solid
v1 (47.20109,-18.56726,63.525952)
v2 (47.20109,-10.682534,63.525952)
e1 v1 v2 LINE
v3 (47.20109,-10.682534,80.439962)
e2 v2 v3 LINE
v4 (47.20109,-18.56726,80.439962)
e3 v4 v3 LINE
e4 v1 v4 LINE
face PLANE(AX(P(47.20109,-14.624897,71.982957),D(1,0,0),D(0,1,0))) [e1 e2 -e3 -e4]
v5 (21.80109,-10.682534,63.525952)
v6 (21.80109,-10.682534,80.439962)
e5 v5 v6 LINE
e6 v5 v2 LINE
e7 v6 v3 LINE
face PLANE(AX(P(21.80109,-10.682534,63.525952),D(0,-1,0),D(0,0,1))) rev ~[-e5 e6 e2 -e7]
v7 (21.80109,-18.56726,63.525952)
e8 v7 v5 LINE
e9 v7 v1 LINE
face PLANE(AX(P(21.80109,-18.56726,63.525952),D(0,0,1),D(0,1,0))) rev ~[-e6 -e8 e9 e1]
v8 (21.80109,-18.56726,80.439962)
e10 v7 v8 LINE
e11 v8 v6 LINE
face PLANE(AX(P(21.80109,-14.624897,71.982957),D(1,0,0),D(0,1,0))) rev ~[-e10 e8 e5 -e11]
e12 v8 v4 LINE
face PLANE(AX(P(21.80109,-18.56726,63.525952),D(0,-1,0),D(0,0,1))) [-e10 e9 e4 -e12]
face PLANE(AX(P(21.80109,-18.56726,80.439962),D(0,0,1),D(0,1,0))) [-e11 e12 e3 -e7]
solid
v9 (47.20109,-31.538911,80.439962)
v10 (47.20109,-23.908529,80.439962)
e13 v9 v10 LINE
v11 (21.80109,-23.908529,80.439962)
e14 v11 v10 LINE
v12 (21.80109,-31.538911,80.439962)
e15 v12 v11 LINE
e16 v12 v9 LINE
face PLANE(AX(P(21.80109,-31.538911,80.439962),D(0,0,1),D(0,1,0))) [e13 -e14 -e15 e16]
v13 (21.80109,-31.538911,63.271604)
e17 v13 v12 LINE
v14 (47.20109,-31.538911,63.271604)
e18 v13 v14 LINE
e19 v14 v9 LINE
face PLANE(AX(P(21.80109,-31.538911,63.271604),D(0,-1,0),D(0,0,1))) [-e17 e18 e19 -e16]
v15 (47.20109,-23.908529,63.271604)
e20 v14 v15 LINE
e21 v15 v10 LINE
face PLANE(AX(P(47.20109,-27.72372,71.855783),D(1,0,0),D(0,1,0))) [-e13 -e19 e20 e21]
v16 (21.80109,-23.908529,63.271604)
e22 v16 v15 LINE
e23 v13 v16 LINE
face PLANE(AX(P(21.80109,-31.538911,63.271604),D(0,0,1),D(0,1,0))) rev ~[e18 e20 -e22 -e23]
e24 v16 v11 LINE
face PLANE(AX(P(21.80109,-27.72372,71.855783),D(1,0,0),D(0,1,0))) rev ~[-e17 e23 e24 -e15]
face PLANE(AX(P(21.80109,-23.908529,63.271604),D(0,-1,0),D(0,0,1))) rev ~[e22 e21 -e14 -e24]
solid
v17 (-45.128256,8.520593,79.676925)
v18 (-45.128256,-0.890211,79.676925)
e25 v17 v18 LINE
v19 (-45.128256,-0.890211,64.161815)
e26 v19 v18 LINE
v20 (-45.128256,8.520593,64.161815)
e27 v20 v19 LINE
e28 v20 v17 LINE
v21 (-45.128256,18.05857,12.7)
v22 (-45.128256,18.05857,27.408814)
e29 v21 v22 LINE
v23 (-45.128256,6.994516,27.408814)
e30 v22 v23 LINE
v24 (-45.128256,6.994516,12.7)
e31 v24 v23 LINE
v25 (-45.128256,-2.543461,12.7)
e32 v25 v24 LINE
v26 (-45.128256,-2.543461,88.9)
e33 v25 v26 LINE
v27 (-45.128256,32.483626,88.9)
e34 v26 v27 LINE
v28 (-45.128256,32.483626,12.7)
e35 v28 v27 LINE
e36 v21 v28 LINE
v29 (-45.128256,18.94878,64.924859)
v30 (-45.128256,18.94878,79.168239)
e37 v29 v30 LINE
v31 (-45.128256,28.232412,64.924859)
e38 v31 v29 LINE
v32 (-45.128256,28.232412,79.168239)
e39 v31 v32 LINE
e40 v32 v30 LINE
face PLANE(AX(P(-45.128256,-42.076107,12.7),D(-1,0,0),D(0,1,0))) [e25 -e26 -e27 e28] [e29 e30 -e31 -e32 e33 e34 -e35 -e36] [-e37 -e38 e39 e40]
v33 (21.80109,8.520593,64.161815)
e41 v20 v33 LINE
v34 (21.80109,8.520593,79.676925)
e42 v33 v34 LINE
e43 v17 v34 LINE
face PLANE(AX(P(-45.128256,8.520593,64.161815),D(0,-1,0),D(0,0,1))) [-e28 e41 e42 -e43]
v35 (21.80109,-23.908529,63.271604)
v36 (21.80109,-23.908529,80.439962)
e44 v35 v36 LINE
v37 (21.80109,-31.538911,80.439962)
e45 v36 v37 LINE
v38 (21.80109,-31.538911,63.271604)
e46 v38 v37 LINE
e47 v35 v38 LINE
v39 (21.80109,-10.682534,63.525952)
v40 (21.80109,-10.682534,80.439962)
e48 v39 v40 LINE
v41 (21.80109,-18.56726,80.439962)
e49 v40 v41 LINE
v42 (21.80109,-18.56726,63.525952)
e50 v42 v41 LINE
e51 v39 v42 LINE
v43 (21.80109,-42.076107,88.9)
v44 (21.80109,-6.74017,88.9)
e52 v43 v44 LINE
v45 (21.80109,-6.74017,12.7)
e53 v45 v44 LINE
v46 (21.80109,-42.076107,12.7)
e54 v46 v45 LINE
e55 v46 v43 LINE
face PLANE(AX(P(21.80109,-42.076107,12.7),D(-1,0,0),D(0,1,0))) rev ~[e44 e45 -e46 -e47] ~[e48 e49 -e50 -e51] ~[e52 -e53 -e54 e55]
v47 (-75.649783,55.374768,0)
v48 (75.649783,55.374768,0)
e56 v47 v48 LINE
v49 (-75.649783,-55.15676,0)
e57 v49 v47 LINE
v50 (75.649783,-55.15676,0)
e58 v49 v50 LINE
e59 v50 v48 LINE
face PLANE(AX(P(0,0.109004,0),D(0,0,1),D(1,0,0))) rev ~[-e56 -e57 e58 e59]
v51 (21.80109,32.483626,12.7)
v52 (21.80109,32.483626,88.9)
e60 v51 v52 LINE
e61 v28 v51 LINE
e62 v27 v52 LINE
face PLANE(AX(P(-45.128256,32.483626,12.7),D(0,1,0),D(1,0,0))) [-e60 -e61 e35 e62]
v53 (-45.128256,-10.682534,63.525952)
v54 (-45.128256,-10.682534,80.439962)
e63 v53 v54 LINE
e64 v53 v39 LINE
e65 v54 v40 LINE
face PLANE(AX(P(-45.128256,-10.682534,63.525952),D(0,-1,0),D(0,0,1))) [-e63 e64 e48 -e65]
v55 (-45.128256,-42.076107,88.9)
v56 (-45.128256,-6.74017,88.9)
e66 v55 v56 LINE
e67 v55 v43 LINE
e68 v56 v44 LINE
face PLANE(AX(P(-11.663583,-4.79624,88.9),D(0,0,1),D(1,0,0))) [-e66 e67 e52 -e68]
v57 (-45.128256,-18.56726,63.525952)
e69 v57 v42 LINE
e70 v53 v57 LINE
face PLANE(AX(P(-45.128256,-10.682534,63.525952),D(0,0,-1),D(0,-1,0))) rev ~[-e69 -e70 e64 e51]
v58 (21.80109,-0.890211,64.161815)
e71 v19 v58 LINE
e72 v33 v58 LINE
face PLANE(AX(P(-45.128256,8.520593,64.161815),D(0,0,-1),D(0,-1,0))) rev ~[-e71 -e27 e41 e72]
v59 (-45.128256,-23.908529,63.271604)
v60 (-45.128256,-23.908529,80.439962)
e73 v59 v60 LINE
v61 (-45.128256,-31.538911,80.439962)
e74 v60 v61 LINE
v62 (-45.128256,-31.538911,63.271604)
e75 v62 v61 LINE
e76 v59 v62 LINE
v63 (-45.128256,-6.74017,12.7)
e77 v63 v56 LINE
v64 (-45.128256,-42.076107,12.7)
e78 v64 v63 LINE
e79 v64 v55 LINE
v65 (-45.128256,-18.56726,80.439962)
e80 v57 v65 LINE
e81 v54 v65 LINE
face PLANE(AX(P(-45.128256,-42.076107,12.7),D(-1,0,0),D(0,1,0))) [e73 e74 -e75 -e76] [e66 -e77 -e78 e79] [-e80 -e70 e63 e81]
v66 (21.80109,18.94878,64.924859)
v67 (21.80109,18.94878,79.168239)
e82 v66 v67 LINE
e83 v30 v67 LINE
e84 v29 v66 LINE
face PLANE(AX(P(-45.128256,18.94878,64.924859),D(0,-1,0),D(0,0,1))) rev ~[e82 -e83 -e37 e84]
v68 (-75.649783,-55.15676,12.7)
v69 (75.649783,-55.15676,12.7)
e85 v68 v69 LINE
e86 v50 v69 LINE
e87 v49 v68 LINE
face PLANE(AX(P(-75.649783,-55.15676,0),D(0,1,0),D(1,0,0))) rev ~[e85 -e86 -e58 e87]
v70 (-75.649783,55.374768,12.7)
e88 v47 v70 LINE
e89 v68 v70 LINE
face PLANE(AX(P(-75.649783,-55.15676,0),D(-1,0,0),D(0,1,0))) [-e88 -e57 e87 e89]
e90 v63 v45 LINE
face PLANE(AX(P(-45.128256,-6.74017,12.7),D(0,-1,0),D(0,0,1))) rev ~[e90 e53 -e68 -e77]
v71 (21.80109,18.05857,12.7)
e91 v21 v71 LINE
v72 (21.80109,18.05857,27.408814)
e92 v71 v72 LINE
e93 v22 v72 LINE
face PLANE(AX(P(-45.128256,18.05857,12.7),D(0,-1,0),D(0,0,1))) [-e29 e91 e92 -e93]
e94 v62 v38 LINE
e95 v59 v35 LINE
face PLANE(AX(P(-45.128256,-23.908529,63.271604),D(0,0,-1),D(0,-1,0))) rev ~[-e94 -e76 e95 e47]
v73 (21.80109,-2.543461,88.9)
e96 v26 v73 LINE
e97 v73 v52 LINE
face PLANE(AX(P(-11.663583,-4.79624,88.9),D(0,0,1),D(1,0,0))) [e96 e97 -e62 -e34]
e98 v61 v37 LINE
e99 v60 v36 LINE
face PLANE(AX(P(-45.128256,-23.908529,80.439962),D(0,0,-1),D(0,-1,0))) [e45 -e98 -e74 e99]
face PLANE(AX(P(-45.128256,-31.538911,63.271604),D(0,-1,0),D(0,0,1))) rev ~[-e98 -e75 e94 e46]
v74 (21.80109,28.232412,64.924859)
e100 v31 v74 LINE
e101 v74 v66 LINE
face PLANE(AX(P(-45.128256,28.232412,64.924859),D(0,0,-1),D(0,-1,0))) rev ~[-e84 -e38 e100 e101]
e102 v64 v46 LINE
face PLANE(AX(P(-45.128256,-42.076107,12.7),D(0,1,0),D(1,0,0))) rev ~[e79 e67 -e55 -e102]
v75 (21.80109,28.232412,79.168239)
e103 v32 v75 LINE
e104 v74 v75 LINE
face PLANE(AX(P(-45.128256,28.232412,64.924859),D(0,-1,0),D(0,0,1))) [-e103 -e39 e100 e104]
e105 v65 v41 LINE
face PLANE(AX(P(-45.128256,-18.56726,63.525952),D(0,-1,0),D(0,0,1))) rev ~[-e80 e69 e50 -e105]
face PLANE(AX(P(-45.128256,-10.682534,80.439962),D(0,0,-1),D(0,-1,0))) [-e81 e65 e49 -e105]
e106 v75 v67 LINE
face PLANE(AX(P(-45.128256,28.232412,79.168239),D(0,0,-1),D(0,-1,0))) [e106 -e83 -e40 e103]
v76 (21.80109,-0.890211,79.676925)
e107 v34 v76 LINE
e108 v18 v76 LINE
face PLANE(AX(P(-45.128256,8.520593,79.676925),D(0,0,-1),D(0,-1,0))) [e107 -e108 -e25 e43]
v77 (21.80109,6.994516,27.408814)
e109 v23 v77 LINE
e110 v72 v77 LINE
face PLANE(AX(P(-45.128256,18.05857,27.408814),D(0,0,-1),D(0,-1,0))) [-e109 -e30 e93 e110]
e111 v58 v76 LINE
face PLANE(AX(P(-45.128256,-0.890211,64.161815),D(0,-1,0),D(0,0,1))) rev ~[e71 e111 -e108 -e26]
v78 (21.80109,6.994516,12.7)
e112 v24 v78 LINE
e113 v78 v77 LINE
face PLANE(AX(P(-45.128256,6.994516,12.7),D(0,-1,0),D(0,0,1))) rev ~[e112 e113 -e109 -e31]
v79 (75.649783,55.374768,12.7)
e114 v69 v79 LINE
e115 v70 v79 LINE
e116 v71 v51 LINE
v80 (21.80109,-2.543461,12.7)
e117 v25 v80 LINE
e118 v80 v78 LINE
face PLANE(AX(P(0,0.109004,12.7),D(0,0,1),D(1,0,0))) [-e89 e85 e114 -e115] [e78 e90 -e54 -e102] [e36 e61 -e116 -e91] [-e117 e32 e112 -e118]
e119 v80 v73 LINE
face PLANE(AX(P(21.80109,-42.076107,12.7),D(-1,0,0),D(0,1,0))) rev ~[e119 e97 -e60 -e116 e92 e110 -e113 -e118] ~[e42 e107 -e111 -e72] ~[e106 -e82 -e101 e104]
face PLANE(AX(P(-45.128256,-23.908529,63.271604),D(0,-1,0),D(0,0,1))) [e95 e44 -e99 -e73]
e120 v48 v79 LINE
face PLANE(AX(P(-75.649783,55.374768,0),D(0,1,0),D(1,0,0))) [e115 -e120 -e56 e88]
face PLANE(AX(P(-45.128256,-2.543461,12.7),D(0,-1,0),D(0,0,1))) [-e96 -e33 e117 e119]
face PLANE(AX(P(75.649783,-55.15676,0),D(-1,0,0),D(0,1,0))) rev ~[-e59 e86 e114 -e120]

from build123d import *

# Parameters (mm, degrees)
F0_W     = 151.299566
F0_H     = 110.531528
F1_DEPTH = 12.7
F2_W     = 66.929346
F2_H     = 74.559733
F3_DEPTH = 76.2
F4_W     = 11.064054
F4_H     = 14.708814
F4_W_2   = 9.283632
F4_H_2   = 14.243379
F4_W_3   = 9.410804
F4_H_3   = 15.515111
F4_W_4   = 7.884726
F4_H_4   = 16.91401
F4_W_5   = 7.630382
F4_H_5   = 17.168358
F4_W_6   = 4.196709
F4_H_6   = 76.2
F5_DEPTH = 152.4
F6_W     = 7.630382
F6_H     = 17.168358
F6_W_2   = 7.884726
F6_H_2   = 16.91401
F7_DEPTH = 25.4


with BuildPart() as f1:
    # F0 (on Top) → F1 (new body)
    with BuildSketch(Plane.XY):
        with Locations((0, 0.109004)):
            Rectangle(F0_W, F0_H)
    extrude(amount=F1_DEPTH)

    # F2 (on face) → F3 (join)
    with BuildSketch(Plane.XY.offset(12.7)):
        with Locations((-11.663583, -4.79624)):
            Rectangle(F2_W, F2_H)
    extrude(amount=F3_DEPTH)

    # F4 (on face) → F5 (cut)
    with BuildSketch(Plane(origin=(-45.128256, 0, 0), x_dir=(0, -1, 0), z_dir=(-1, 0, 0))):
        with Locations((-12.526543, 20.054407)):
            Rectangle(F4_W, F4_H)
        with Locations((-23.590596, 72.046549)):
            Rectangle(F4_W_2, F4_H_2)
        with Locations((-3.815191, 71.91937)):
            Rectangle(F4_W_3, F4_H_3)
        with Locations((14.624897, 71.982957)):
            Rectangle(F4_W_4, F4_H_4)
        with Locations((27.72372, 71.855783)):
            Rectangle(F4_W_5, F4_H_5)
        with Locations((4.641815, 50.8)):
            Rectangle(F4_W_6, F4_H_6)
    extrude(amount=-F5_DEPTH, mode=Mode.SUBTRACT)


with BuildPart() as f7:
    # F6 (on face) → F7 (new body)
    with BuildSketch(Plane.YZ.offset(21.80109)):
        with Locations((-27.72372, 71.855783)):
            Rectangle(F6_W, F6_H)
        with Locations((-14.624897, 71.982957)):
            Rectangle(F6_W_2, F6_H_2)
    extrude(amount=F7_DEPTH)


solid = Compound([f1.part, f7.part])
